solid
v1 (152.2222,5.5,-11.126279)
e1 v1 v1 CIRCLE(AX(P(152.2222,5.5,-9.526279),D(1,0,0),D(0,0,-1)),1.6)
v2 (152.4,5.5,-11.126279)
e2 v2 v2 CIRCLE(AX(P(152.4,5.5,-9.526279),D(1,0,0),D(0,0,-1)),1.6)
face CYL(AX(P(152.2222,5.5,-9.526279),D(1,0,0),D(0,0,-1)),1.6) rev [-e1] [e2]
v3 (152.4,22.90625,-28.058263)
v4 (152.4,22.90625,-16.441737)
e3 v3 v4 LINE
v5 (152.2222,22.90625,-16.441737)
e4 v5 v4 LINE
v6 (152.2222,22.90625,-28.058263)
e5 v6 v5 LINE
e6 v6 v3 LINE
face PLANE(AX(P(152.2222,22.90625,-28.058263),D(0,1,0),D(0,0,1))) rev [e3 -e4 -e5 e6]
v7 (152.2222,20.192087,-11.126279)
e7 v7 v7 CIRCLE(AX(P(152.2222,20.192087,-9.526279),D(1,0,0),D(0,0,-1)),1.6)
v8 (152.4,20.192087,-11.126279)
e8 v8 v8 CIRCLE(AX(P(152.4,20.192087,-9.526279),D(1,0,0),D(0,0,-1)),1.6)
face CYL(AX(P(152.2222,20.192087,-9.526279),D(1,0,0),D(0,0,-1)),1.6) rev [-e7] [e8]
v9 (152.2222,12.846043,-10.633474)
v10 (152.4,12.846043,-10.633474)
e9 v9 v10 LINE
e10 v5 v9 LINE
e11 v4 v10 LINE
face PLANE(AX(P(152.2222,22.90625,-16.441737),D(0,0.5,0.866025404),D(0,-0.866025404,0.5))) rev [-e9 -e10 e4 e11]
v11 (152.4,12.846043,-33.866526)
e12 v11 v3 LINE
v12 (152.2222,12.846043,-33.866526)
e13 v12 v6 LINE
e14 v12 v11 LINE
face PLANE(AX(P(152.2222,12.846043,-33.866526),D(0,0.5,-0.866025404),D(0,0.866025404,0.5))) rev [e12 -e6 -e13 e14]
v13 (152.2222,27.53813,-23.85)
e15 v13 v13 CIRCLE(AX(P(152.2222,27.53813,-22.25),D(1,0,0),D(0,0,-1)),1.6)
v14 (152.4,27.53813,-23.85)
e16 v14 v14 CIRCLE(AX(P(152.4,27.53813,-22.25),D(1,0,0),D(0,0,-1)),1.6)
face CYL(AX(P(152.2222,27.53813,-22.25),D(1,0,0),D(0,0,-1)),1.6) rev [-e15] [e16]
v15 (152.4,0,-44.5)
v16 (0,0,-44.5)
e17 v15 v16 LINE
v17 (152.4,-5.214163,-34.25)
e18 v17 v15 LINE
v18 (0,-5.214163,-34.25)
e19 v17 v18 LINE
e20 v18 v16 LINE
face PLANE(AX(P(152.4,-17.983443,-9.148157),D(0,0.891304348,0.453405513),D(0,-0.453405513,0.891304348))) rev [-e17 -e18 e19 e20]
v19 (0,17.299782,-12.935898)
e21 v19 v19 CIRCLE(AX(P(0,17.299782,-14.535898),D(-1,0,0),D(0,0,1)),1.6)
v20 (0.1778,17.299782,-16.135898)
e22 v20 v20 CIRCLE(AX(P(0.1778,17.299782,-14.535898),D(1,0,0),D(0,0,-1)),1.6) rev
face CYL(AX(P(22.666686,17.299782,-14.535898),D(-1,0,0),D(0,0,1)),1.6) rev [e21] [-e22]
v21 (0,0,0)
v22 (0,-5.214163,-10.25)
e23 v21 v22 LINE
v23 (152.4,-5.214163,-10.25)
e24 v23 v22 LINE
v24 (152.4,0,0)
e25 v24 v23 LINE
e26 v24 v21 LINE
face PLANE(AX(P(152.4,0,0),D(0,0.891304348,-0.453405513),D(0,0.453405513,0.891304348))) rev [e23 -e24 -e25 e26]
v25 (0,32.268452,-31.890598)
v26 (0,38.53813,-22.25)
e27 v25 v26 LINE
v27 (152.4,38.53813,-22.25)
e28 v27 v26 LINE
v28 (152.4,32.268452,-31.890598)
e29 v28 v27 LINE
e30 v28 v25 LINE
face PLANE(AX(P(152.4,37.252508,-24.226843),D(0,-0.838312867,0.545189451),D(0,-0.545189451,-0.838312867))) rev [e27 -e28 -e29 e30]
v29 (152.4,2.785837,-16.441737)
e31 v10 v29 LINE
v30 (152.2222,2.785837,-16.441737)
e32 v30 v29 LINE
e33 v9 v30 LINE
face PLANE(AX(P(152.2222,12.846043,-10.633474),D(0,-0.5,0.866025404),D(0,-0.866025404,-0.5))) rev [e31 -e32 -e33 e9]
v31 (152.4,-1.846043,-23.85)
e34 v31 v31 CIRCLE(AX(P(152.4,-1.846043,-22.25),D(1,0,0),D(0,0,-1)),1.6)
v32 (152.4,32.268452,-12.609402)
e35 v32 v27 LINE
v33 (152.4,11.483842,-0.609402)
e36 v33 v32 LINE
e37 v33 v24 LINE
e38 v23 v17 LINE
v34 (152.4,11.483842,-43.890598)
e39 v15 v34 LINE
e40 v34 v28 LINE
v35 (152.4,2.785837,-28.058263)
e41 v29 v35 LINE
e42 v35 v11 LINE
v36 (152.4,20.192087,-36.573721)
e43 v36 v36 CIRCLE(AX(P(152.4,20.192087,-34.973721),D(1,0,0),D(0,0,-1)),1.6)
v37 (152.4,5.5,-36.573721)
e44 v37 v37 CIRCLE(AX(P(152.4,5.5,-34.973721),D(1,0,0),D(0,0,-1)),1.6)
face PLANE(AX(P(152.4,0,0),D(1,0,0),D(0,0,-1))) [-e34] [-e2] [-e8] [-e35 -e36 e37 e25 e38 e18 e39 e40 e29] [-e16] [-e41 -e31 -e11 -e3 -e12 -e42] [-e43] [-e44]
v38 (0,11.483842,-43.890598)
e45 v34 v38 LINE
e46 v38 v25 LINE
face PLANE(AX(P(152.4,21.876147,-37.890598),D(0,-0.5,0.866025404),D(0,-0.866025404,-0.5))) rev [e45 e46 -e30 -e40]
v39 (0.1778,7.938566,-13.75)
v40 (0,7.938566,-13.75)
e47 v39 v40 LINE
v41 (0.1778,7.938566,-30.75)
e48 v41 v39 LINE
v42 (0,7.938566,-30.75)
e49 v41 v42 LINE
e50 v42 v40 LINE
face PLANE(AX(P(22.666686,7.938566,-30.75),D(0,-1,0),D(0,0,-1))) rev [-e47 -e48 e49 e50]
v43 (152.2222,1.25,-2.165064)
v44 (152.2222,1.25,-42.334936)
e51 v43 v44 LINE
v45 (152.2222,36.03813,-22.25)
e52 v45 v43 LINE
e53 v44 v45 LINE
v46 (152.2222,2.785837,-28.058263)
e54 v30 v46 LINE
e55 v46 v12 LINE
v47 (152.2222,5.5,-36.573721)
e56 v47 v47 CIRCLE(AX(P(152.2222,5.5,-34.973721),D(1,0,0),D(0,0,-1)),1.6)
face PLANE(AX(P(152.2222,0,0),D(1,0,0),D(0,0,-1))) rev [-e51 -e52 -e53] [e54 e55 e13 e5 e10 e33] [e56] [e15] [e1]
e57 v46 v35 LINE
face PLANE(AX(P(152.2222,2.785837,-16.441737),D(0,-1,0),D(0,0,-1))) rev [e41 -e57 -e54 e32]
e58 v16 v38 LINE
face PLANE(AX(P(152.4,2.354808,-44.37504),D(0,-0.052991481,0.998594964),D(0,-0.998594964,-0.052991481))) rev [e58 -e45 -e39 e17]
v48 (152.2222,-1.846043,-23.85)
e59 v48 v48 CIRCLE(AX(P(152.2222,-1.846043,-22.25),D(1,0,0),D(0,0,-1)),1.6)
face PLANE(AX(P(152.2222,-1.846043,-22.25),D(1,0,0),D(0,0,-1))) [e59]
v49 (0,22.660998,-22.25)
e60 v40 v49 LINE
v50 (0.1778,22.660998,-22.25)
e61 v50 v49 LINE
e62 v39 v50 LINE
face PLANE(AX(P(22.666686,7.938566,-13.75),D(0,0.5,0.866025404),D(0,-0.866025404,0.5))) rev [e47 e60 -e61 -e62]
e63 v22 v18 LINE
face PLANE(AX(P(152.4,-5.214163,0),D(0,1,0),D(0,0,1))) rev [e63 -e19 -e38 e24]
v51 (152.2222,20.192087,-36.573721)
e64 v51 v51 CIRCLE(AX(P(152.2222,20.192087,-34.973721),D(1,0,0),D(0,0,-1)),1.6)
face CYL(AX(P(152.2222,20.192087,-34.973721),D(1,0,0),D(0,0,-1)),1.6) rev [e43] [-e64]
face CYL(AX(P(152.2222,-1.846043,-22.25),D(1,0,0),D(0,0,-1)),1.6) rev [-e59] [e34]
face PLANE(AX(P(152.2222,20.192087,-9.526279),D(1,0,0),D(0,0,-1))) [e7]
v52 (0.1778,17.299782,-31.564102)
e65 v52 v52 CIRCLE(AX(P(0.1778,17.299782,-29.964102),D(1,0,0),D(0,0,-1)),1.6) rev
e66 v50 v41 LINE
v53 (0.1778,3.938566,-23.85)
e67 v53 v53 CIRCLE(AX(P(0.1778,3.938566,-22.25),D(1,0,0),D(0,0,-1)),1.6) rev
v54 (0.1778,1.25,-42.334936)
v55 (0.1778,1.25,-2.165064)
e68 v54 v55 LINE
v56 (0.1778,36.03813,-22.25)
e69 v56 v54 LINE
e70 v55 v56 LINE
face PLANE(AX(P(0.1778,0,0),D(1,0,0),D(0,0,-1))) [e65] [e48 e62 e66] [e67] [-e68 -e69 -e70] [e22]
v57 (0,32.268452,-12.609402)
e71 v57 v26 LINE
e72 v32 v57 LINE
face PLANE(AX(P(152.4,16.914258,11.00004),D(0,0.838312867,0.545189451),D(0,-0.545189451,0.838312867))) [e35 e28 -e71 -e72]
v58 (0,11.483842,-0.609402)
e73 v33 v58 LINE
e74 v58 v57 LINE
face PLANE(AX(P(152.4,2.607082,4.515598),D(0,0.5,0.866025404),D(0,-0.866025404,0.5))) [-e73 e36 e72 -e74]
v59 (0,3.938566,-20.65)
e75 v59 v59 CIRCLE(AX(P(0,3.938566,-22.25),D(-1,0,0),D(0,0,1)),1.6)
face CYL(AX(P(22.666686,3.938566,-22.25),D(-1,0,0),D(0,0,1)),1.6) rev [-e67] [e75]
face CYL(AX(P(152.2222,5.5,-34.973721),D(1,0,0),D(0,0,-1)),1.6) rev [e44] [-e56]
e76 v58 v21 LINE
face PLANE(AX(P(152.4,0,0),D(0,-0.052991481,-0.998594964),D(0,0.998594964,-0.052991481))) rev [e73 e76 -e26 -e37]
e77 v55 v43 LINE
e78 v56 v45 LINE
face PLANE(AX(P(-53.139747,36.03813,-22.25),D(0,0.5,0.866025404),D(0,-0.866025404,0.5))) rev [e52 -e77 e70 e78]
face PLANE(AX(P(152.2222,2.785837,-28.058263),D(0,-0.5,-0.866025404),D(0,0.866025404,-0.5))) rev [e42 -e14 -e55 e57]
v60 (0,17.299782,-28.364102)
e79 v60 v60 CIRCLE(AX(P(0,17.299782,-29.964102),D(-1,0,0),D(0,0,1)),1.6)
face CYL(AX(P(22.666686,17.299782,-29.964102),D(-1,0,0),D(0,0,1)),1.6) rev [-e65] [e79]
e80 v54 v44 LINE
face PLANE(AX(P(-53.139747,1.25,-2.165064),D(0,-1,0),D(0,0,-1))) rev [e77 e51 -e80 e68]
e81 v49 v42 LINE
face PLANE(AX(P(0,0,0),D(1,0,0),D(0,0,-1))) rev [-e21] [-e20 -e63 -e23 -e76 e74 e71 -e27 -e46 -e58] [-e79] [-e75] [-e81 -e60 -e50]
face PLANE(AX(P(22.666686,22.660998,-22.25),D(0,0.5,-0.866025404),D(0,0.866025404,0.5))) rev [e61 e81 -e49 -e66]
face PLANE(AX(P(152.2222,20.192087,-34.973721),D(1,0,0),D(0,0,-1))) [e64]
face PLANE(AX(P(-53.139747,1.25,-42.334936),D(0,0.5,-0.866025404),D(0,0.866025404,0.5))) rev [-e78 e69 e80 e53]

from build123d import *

# Parameters (mm, degrees)
BOSS_EXTRUDE1_DEPTH = 152.4
SKETCH2_R           = 1.6
CUT_EXTRUDE1_DEPTH  = 0.1778
CUT_EXTRUDE4_DEPTH  = 152.0444
SKETCH6_R           = 1.6
CUT_EXTRUDE5_DEPTH  = 0.1778


with BuildPart() as part:
    # Sketch1 → Boss-Extrude1 (new body)
    with BuildSketch(Plane(origin=(0, 0, 0), x_dir=(0, 0, -1), z_dir=(1, 0, 0))):
        Polygon((43.890597967, 11.483842091), (31.890597967, 32.268451781), (22.25, 38.538130468), (44.5, 0), align=None)
        Polygon((22.25, 38.538130468), (44.5, 0), (0, 0), align=None)
        Polygon((0.609402033, 11.483842091), (12.609402033, 32.268451781), (22.25, 38.538130468), (0, 0), align=None)
        Polygon((10.25, -5.214163404), (34.25, -5.214163404), (44.5, 0), (0, 0), align=None)
    extrude(amount=BOSS_EXTRUDE1_DEPTH)

    # Sketch2 → Cut-Extrude1 (cut)
    with BuildSketch(Plane(origin=(152.4, 0, 0), x_dir=(0, 0, -1), z_dir=(1, 0, 0))):
        with Locations((22.25, 27.538130468)):
            Circle(SKETCH2_R)
        with Locations((34.973720558, 20.192086979)):
            Circle(SKETCH2_R)
        with Locations((34.973720558, 5.5)):
            Circle(SKETCH2_R)
        with Locations((22.25, -1.846043489)):
            Circle(SKETCH2_R)
        with Locations((9.526279442, 5.5)):
            Circle(SKETCH2_R)
        with Locations((9.526279442, 20.192086979)):
            Circle(SKETCH2_R)
        Polygon((16.441736842, 22.906250383), (10.633473684, 12.846043489), (16.441736842, 2.785836596), (28.058263158, 2.785836596), (33.866526316, 12.846043489), (28.058263158, 22.906250383), align=None)
    extrude(amount=-CUT_EXTRUDE1_DEPTH, mode=Mode.SUBTRACT)

    # Sketch4 → Cut-Extrude4 (cut)
    with BuildSketch(Plane(origin=(152.2222, 0, 0), x_dir=(0, 0, -1), z_dir=(1, 0, 0))):
        Polygon((22.25, 36.038130468), (2.165063509, 1.25), (42.334936491, 1.25), align=None)
    extrude(amount=-CUT_EXTRUDE4_DEPTH, mode=Mode.SUBTRACT)

    # Sketch6 → Cut-Extrude5 (cut)
    with BuildSketch(Plane.ZY):
        with Locations((-29.964101615, 17.299782134)):
            Circle(SKETCH6_R)
        with Locations((-14.535898385, 17.299782134)):
            Circle(SKETCH6_R)
        with Locations((-22.25, 3.938566201)):
            Circle(SKETCH6_R)
        Polygon((-22.25, 22.660998066), (-30.75, 7.938566201), (-13.75, 7.938566201), align=None)
    extrude(amount=-CUT_EXTRUDE5_DEPTH, mode=Mode.SUBTRACT)


solid = part.part
